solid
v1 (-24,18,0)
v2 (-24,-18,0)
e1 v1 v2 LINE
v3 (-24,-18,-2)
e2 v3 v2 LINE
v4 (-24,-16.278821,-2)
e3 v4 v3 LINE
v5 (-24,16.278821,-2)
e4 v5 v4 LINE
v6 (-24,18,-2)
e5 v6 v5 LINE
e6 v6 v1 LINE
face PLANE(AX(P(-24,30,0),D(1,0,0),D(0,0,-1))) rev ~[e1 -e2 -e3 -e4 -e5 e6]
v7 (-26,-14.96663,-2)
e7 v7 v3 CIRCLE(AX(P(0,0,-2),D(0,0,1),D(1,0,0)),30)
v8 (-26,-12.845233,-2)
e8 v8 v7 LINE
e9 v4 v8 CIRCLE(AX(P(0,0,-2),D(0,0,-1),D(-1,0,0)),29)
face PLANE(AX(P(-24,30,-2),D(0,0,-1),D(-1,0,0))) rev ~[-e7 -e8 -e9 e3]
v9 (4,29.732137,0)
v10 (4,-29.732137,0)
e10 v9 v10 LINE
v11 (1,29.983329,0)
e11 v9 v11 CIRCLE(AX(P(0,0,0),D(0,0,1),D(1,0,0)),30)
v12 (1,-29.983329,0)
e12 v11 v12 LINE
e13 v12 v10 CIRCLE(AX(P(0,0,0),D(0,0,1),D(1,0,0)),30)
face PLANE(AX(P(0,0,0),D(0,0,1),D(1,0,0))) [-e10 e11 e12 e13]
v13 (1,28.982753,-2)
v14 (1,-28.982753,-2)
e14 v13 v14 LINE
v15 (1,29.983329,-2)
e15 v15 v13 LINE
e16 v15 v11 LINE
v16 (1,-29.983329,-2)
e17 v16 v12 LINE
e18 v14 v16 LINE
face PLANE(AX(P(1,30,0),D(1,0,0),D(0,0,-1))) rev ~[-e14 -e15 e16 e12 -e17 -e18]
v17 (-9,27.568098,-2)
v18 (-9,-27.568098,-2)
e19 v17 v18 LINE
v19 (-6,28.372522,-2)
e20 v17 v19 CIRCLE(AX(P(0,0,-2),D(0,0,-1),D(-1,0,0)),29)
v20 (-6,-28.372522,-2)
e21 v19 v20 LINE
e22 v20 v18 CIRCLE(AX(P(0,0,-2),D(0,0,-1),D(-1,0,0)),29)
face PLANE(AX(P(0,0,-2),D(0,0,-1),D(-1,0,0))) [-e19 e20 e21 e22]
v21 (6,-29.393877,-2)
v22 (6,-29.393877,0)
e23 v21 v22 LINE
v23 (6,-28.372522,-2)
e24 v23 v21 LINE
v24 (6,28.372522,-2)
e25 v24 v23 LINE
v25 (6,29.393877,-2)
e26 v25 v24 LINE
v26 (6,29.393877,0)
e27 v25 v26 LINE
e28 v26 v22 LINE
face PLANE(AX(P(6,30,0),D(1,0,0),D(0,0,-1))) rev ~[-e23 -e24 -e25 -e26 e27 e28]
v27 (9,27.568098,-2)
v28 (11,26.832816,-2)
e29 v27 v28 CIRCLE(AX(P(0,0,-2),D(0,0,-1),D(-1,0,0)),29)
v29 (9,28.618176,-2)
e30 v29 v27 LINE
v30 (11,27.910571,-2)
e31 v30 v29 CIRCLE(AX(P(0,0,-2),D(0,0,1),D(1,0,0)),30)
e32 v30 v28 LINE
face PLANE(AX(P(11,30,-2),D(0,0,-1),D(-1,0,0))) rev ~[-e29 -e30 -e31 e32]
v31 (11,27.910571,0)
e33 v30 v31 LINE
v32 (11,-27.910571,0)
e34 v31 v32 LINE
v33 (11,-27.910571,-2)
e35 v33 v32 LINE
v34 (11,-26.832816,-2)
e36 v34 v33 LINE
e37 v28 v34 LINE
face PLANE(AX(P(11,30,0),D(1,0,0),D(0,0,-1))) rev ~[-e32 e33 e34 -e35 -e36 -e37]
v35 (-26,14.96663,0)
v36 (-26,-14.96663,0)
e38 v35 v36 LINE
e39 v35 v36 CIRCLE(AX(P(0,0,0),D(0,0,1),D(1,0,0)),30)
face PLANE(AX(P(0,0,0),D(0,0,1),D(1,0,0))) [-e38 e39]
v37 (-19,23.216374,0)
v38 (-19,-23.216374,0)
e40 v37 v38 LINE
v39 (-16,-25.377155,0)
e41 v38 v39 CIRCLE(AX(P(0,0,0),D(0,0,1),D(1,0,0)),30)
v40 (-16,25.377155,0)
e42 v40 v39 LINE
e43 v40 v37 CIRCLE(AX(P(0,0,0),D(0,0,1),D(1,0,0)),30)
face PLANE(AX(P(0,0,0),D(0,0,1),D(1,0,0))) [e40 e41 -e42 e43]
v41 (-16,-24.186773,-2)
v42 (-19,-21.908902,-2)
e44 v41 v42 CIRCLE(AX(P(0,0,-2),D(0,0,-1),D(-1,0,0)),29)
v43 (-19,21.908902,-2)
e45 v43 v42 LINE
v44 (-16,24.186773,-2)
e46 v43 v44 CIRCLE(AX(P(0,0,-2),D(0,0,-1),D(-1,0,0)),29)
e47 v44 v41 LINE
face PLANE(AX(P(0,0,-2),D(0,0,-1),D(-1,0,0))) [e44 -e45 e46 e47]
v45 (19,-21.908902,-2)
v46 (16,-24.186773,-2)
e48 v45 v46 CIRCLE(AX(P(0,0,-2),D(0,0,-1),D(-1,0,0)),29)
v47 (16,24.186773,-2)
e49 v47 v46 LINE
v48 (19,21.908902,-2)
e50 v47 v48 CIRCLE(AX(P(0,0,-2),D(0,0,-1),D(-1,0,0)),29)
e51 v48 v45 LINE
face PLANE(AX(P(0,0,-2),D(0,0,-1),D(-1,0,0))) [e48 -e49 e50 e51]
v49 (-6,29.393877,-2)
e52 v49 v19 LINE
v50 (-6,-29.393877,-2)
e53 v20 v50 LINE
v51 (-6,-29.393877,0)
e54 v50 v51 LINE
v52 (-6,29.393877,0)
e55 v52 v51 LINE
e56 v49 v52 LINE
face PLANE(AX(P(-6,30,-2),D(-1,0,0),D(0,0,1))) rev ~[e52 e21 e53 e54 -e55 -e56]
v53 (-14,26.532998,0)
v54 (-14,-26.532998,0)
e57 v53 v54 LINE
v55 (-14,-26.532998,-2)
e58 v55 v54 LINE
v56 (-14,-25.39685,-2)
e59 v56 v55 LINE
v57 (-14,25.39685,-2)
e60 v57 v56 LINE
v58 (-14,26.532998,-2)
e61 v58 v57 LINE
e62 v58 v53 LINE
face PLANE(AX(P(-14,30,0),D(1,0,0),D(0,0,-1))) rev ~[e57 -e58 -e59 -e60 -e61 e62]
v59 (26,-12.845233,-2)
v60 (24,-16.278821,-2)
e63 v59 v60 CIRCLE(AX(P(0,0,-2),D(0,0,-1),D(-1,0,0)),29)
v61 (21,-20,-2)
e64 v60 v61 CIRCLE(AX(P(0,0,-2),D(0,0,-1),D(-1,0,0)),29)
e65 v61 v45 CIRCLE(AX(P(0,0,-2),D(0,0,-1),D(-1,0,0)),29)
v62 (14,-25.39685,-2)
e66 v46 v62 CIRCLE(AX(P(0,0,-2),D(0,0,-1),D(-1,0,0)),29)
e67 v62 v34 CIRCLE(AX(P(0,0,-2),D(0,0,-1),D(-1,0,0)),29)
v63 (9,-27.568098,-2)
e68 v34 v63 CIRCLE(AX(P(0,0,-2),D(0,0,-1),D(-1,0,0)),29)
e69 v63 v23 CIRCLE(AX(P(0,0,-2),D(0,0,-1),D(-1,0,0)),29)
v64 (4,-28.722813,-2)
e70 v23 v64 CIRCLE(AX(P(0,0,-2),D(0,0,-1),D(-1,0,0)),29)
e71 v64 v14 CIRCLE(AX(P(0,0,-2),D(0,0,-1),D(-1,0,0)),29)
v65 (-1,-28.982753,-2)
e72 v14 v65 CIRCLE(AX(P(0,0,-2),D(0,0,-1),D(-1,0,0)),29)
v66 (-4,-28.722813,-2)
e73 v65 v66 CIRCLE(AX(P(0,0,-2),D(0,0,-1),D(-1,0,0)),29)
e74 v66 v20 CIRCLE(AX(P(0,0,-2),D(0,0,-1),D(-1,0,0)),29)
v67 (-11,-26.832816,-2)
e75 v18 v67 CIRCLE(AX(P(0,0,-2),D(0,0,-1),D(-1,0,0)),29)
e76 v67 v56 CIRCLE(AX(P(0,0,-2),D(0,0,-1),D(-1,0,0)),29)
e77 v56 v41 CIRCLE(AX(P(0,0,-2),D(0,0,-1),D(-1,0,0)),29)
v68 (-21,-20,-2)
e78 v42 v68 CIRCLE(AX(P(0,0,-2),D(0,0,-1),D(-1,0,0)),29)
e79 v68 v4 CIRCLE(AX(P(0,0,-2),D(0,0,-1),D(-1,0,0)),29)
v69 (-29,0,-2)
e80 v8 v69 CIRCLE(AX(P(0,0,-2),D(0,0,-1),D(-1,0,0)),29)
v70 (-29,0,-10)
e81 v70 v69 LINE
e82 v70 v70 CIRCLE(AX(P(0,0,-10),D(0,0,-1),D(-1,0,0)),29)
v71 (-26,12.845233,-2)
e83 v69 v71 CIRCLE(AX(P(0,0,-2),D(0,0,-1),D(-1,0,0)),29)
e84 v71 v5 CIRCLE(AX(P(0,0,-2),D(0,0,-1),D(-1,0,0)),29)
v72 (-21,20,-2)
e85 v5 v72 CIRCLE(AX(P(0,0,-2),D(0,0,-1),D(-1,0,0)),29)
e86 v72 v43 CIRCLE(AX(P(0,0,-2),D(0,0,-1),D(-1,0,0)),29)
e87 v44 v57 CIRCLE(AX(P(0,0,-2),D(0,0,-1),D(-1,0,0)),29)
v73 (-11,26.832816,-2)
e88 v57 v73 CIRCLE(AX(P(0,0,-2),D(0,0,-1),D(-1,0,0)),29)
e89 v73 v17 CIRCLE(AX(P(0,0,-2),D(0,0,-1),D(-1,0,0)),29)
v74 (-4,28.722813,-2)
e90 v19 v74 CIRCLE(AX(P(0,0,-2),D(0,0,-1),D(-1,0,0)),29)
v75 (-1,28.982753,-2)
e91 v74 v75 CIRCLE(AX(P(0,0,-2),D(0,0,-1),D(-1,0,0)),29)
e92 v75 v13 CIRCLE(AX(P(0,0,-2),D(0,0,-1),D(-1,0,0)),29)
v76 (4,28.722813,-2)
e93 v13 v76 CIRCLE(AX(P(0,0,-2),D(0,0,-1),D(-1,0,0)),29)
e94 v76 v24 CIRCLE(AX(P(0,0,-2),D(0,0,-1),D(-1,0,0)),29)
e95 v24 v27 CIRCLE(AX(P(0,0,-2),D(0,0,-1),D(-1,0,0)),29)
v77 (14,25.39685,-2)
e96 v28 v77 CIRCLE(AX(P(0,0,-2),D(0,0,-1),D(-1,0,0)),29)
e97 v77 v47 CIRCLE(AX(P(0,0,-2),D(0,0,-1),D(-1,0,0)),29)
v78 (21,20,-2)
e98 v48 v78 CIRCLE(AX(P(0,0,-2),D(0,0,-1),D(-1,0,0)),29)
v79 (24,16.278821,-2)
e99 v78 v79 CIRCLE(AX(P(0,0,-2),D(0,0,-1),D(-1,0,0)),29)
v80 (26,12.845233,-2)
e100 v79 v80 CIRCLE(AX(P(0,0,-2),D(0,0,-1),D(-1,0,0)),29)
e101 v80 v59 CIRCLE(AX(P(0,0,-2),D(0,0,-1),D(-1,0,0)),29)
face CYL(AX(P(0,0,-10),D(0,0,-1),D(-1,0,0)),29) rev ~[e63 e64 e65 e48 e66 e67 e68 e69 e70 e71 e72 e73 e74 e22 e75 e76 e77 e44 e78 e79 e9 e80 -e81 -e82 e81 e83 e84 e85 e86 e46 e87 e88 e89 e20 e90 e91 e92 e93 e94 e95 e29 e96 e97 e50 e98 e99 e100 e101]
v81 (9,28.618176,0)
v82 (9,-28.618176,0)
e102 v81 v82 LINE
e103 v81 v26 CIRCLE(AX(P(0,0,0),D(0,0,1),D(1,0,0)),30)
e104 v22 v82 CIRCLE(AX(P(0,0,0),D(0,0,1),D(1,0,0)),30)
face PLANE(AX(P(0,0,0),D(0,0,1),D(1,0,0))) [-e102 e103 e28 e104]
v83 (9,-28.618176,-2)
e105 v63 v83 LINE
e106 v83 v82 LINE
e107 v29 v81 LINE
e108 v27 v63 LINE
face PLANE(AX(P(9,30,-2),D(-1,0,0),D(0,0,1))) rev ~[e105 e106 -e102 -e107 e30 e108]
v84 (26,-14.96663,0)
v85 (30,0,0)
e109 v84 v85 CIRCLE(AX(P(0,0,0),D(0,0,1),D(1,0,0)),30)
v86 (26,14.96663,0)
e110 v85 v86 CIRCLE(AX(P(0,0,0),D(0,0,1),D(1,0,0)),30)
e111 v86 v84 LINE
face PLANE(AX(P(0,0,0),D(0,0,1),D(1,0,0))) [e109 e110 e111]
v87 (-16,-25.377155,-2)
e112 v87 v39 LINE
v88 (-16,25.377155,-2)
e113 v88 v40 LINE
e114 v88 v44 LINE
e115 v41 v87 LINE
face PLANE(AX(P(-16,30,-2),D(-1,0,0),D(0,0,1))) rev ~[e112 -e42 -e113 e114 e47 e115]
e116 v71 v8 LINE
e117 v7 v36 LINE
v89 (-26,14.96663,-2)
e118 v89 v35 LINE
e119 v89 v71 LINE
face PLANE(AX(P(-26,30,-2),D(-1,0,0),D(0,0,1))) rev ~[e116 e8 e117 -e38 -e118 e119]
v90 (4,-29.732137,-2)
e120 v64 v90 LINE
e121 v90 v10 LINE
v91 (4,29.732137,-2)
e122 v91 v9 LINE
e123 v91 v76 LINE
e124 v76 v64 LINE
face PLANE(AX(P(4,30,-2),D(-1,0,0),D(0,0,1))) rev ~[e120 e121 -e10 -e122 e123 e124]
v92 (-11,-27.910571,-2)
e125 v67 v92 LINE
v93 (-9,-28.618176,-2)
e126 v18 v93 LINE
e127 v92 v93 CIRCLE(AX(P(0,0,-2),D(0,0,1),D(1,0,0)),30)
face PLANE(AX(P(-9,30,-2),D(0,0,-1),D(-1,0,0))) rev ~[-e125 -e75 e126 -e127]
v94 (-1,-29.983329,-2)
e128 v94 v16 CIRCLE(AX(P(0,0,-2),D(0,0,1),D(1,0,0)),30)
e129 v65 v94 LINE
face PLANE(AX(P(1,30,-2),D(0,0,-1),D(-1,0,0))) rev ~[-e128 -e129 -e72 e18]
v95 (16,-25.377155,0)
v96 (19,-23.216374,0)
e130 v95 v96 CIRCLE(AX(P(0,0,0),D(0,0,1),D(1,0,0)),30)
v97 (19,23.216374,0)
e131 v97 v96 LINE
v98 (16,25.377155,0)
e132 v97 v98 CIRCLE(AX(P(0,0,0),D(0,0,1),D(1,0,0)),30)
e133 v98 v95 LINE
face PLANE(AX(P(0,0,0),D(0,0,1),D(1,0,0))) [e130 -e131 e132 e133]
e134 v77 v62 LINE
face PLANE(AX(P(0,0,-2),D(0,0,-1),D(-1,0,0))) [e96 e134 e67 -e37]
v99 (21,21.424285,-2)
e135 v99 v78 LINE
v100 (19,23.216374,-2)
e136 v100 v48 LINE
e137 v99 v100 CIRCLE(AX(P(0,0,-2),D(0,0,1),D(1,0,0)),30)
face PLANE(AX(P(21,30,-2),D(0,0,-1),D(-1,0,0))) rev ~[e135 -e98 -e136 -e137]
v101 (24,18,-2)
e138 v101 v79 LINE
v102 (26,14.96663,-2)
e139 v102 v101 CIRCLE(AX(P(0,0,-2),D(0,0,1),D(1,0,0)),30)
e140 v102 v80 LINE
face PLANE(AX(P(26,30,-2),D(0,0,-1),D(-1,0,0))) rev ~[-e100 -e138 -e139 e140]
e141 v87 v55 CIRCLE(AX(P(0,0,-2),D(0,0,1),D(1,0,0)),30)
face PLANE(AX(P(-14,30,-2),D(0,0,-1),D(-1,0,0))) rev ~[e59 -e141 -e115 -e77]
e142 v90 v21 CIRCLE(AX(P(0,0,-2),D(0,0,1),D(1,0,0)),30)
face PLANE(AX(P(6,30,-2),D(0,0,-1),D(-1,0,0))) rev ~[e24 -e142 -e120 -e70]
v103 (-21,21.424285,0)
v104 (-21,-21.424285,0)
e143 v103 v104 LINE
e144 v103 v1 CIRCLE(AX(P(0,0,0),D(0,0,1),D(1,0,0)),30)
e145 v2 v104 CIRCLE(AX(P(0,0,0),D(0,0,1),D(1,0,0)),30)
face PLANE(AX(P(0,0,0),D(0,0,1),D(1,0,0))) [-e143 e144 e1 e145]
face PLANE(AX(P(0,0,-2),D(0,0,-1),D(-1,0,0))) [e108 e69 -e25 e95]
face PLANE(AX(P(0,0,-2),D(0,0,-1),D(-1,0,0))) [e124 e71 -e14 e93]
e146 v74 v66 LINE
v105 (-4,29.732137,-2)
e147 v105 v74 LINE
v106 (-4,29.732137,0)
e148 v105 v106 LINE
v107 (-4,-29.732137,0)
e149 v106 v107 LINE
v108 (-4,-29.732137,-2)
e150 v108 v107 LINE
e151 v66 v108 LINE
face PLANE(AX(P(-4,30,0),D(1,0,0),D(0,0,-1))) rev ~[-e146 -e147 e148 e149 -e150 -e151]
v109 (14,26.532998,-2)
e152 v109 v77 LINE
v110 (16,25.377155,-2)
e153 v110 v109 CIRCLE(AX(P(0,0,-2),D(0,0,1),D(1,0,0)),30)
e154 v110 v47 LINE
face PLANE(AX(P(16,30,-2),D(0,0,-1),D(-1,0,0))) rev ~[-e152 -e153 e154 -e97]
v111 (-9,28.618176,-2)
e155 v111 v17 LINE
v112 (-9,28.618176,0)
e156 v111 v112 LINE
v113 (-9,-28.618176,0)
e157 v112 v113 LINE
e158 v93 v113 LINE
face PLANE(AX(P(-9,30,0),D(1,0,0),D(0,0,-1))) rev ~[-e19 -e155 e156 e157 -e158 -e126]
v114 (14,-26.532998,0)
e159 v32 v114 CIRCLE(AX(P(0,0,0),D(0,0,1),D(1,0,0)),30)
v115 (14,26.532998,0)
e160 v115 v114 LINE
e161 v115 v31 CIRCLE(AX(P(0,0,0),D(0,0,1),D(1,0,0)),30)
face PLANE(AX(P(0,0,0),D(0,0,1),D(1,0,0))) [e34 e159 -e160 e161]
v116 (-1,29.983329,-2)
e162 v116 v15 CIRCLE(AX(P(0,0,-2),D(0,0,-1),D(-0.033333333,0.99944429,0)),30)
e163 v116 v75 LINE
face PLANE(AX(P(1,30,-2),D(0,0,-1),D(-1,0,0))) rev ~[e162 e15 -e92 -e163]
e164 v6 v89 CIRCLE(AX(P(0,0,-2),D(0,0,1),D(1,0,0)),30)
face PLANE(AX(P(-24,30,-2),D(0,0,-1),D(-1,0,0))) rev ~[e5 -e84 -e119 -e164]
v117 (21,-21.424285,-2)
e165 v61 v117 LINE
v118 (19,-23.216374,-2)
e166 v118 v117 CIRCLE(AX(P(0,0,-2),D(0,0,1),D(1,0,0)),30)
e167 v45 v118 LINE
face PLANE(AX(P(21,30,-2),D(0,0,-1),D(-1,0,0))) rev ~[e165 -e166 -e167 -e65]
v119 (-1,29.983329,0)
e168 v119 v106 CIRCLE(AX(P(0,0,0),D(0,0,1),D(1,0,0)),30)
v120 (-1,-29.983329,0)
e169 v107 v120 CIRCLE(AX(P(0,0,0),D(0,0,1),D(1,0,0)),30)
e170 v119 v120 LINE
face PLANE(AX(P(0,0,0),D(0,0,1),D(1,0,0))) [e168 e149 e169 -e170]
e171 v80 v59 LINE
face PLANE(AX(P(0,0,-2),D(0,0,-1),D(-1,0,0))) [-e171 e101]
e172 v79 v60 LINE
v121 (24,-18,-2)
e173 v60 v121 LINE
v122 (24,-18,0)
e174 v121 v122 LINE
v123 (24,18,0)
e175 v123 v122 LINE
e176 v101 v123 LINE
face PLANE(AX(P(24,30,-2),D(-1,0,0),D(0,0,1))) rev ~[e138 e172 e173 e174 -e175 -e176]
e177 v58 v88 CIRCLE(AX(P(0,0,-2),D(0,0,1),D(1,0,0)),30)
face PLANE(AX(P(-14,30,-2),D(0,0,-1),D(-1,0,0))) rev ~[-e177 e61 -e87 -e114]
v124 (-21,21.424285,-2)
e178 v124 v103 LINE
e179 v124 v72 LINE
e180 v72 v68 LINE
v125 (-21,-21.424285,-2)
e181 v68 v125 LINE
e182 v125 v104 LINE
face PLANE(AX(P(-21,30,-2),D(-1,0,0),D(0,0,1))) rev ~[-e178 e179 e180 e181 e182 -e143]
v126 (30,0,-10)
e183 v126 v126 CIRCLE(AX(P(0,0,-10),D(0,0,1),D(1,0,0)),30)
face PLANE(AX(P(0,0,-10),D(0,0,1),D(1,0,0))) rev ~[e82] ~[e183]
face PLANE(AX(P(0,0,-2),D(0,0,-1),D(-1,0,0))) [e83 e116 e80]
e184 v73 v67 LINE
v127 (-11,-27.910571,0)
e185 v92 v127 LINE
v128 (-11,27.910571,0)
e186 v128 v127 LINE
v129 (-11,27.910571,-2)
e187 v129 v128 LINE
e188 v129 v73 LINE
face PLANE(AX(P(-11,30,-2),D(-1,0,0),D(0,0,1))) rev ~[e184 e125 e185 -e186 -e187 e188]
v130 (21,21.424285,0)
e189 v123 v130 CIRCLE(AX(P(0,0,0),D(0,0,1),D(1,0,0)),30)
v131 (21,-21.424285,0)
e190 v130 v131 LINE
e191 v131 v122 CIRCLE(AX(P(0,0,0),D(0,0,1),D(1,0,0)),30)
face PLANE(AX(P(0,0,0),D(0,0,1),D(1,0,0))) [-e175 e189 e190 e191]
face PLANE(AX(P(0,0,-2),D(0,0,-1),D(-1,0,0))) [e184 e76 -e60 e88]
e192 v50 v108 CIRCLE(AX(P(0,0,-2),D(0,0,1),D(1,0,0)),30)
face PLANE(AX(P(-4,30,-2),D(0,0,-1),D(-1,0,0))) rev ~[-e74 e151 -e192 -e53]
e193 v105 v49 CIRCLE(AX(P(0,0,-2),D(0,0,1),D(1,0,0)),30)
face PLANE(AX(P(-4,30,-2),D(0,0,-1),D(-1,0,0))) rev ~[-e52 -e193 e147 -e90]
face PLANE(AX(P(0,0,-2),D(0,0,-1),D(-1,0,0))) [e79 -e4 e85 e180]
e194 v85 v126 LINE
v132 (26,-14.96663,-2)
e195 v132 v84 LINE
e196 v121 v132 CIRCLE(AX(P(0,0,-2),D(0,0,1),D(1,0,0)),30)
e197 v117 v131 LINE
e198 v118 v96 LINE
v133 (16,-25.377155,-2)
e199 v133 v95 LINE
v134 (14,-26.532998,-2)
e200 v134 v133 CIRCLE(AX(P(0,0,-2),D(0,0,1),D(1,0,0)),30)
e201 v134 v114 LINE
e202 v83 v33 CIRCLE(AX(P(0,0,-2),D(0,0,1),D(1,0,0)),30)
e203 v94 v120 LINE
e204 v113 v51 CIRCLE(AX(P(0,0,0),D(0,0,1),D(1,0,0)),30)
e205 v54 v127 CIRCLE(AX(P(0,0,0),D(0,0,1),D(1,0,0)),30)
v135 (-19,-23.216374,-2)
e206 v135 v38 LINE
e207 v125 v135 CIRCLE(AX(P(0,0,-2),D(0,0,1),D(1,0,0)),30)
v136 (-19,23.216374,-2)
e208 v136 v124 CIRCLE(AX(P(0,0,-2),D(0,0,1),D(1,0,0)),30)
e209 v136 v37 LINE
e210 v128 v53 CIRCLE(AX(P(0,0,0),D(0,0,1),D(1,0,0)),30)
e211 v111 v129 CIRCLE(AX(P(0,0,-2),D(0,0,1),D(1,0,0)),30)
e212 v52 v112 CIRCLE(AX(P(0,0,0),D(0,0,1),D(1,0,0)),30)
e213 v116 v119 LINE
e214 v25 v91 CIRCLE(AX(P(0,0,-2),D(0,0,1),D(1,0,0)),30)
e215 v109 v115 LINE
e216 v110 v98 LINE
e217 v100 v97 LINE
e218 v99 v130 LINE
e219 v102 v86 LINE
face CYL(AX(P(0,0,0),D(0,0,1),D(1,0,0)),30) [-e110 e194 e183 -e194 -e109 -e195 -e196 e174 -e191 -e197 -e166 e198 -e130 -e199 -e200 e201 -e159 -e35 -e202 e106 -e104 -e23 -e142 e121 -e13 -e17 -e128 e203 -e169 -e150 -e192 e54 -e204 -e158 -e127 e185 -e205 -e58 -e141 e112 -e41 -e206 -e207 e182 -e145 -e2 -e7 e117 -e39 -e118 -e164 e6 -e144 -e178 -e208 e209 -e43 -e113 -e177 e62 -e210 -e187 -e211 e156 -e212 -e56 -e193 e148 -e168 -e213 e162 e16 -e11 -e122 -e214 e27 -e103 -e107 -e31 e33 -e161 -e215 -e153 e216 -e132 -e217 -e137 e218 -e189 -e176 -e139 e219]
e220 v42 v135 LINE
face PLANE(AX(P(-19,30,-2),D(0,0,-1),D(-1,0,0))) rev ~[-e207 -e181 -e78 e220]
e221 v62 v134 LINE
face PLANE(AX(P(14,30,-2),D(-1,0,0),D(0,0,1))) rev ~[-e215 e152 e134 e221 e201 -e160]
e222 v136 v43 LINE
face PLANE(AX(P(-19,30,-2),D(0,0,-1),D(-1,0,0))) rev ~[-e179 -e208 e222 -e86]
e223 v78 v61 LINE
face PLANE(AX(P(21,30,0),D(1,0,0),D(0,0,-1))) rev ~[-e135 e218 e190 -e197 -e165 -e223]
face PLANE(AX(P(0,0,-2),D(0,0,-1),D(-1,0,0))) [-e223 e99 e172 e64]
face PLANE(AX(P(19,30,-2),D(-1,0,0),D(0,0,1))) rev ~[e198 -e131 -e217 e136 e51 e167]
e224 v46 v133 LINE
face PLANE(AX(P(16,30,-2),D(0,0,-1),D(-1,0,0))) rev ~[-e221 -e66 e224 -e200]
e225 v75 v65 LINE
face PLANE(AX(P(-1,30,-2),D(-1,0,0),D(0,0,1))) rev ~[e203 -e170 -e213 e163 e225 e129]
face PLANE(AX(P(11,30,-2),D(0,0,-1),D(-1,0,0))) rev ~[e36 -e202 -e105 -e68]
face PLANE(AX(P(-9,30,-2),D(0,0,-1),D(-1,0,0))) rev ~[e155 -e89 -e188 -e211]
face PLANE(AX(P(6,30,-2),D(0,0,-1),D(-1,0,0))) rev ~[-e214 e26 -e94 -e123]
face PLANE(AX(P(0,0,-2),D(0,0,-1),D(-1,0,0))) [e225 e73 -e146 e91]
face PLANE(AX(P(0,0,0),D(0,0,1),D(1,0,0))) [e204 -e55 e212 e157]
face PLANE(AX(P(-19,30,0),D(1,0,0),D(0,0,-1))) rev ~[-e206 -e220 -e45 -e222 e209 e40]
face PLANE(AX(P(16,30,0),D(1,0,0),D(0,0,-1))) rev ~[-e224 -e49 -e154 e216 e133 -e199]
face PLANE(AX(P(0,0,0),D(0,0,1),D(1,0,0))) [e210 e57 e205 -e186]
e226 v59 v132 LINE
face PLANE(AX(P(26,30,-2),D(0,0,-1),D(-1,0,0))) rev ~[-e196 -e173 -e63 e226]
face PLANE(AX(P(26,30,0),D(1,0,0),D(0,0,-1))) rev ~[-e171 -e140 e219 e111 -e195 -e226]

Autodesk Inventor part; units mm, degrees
ref_plane "YZ Plane" through (0, 0, 0) normal (1, 0, 0) x (0, 1, 0)
ref_plane "XY Plane" through (0, 0, 0) normal (0, 0, 1) x (1, 0, 0)
sketch "Sketch1" plane through (0, 0, 0) normal (0, 0, 1) x (1, 0, 0)
  circle A0 centre (0, 0) radius 30
  dimension "d0" = 60
extrude "Extrusion1" add sketch "Sketch1" against normal blind 10
sketch "Sketch2" plane through (0, 0, -10) normal (0, 0, -1) x (-1, 0, 0)
  circle A0 centre (0, 0) radius 29
  dimension "d3" = 58
extrude "Extrusion2" cut sketch "Sketch2" against normal blind 8
ref_plane "Work Plane1" through (0, 30, 0) normal (0, 1, 0) x (-1, 0, 0)
sketch "Sketch3" plane through (0, 30, 0) normal (0, 1, 0) x (-1, 0, 0)
  line L0 (30, 0) -> (30, -10) projected
  line L1 (30, 0) -> (26, 0)
  line L2 (30, 0) -> (-30, 0) projected
  line L3 (26, 0) -> (24, 0)
  line L4 (24, 0) -> (24, -2)
  line L5 (24, -2) -> (26, -2)
  line L6 (26, -2) -> (26, 0)
  line L7 (24, 0) -> (21, 0)
  line L8 (21, 0) -> (19, 0)
  line L9 (19, 0) -> (19, -2)
  line L10 (19, -2) -> (21, -2)
  line L11 (21, -2) -> (21, 0)
  line L12 (19, 0) -> (16, 0)
  line L13 (16, 0) -> (14, 0)
  line L14 (14, 0) -> (14, -2)
  line L15 (14, -2) -> (16, -2)
  line L16 (16, -2) -> (16, 0)
  line L17 (14, 0) -> (11, 0)
  line L18 (11, 0) -> (9, 0)
  line L19 (9, 0) -> (9, -2)
  line L20 (9, -2) -> (11, -2)
  line L21 (11, -2) -> (11, 0)
  line L22 (9, 0) -> (6, 0)
  line L23 (6, 0) -> (4, 0)
  line L24 (4, 0) -> (4, -2)
  line L25 (4, -2) -> (6, -2)
  line L26 (6, -2) -> (6, 0)
  line L27 (4, 0) -> (1, 0)
  line L28 (1, 0) -> (-1, 0)
  line L29 (-1, 0) -> (-1, -2)
  line L30 (-1, -2) -> (1, -2)
  line L31 (1, -2) -> (1, 0)
  line L32 (-1, 0) -> (-4, 0)
  line L33 (-4, 0) -> (-6, 0)
  line L34 (-6, 0) -> (-6, -2)
  line L35 (-6, -2) -> (-4, -2)
  line L36 (-4, -2) -> (-4, 0)
  line L37 (-6, 0) -> (-9, 0)
  line L38 (-9, 0) -> (-11, 0)
  line L39 (-11, 0) -> (-11, -2)
  line L40 (-11, -2) -> (-9, -2)
  line L41 (-9, -2) -> (-9, 0)
  line L42 (-11, 0) -> (-14, 0)
  line L43 (-14, 0) -> (-16, 0)
  line L44 (-16, 0) -> (-16, -2)
  line L45 (-16, -2) -> (-14, -2)
  line L46 (-14, -2) -> (-14, 0)
  line L47 (-16, 0) -> (-19, 0)
  line L48 (-19, 0) -> (-21, 0)
  line L49 (-21, 0) -> (-21, -2)
  line L50 (-21, -2) -> (-19, -2)
  line L51 (-19, -2) -> (-19, 0)
  line L52 (-21, 0) -> (-24, 0)
  line L53 (-24, 0) -> (-26, 0)
  line L54 (-26, 0) -> (-26, -2)
  line L55 (-26, -2) -> (-24, -2)
  line L56 (-24, -2) -> (-24, 0)
  point P0 (0, 0)
  dimension "d7" = 4
  dimension "d8" = 2
  dimension "d9" = 2
  dimension "d10" = 3
  dimension "d11" = 2
  dimension "d12" = 2
  dimension "d13" = 3
  dimension "d14" = 2
  dimension "d15" = 2
  dimension "d16" = 3
  dimension "d17" = 2
  dimension "d18" = 2
  dimension "d19" = 3
  dimension "d20" = 2
  dimension "d21" = 2
  dimension "d22" = 3
  dimension "d23" = 2
  dimension "d24" = 2
  dimension "d25" = 3
  dimension "d26" = 2
  dimension "d27" = 2
  dimension "d28" = 3
  dimension "d29" = 2
  dimension "d30" = 2
  dimension "d31" = 3
  dimension "d32" = 2
  dimension "d33" = 2
  dimension "d34" = 3
  dimension "d35" = 2
  dimension "d36" = 2
  dimension "d37" = 3
  dimension "d38" = 2
  dimension "d39" = 2
extrude "Extrusion3" cut sketch "Sketch3" against normal through all
properties part number "fan front"
